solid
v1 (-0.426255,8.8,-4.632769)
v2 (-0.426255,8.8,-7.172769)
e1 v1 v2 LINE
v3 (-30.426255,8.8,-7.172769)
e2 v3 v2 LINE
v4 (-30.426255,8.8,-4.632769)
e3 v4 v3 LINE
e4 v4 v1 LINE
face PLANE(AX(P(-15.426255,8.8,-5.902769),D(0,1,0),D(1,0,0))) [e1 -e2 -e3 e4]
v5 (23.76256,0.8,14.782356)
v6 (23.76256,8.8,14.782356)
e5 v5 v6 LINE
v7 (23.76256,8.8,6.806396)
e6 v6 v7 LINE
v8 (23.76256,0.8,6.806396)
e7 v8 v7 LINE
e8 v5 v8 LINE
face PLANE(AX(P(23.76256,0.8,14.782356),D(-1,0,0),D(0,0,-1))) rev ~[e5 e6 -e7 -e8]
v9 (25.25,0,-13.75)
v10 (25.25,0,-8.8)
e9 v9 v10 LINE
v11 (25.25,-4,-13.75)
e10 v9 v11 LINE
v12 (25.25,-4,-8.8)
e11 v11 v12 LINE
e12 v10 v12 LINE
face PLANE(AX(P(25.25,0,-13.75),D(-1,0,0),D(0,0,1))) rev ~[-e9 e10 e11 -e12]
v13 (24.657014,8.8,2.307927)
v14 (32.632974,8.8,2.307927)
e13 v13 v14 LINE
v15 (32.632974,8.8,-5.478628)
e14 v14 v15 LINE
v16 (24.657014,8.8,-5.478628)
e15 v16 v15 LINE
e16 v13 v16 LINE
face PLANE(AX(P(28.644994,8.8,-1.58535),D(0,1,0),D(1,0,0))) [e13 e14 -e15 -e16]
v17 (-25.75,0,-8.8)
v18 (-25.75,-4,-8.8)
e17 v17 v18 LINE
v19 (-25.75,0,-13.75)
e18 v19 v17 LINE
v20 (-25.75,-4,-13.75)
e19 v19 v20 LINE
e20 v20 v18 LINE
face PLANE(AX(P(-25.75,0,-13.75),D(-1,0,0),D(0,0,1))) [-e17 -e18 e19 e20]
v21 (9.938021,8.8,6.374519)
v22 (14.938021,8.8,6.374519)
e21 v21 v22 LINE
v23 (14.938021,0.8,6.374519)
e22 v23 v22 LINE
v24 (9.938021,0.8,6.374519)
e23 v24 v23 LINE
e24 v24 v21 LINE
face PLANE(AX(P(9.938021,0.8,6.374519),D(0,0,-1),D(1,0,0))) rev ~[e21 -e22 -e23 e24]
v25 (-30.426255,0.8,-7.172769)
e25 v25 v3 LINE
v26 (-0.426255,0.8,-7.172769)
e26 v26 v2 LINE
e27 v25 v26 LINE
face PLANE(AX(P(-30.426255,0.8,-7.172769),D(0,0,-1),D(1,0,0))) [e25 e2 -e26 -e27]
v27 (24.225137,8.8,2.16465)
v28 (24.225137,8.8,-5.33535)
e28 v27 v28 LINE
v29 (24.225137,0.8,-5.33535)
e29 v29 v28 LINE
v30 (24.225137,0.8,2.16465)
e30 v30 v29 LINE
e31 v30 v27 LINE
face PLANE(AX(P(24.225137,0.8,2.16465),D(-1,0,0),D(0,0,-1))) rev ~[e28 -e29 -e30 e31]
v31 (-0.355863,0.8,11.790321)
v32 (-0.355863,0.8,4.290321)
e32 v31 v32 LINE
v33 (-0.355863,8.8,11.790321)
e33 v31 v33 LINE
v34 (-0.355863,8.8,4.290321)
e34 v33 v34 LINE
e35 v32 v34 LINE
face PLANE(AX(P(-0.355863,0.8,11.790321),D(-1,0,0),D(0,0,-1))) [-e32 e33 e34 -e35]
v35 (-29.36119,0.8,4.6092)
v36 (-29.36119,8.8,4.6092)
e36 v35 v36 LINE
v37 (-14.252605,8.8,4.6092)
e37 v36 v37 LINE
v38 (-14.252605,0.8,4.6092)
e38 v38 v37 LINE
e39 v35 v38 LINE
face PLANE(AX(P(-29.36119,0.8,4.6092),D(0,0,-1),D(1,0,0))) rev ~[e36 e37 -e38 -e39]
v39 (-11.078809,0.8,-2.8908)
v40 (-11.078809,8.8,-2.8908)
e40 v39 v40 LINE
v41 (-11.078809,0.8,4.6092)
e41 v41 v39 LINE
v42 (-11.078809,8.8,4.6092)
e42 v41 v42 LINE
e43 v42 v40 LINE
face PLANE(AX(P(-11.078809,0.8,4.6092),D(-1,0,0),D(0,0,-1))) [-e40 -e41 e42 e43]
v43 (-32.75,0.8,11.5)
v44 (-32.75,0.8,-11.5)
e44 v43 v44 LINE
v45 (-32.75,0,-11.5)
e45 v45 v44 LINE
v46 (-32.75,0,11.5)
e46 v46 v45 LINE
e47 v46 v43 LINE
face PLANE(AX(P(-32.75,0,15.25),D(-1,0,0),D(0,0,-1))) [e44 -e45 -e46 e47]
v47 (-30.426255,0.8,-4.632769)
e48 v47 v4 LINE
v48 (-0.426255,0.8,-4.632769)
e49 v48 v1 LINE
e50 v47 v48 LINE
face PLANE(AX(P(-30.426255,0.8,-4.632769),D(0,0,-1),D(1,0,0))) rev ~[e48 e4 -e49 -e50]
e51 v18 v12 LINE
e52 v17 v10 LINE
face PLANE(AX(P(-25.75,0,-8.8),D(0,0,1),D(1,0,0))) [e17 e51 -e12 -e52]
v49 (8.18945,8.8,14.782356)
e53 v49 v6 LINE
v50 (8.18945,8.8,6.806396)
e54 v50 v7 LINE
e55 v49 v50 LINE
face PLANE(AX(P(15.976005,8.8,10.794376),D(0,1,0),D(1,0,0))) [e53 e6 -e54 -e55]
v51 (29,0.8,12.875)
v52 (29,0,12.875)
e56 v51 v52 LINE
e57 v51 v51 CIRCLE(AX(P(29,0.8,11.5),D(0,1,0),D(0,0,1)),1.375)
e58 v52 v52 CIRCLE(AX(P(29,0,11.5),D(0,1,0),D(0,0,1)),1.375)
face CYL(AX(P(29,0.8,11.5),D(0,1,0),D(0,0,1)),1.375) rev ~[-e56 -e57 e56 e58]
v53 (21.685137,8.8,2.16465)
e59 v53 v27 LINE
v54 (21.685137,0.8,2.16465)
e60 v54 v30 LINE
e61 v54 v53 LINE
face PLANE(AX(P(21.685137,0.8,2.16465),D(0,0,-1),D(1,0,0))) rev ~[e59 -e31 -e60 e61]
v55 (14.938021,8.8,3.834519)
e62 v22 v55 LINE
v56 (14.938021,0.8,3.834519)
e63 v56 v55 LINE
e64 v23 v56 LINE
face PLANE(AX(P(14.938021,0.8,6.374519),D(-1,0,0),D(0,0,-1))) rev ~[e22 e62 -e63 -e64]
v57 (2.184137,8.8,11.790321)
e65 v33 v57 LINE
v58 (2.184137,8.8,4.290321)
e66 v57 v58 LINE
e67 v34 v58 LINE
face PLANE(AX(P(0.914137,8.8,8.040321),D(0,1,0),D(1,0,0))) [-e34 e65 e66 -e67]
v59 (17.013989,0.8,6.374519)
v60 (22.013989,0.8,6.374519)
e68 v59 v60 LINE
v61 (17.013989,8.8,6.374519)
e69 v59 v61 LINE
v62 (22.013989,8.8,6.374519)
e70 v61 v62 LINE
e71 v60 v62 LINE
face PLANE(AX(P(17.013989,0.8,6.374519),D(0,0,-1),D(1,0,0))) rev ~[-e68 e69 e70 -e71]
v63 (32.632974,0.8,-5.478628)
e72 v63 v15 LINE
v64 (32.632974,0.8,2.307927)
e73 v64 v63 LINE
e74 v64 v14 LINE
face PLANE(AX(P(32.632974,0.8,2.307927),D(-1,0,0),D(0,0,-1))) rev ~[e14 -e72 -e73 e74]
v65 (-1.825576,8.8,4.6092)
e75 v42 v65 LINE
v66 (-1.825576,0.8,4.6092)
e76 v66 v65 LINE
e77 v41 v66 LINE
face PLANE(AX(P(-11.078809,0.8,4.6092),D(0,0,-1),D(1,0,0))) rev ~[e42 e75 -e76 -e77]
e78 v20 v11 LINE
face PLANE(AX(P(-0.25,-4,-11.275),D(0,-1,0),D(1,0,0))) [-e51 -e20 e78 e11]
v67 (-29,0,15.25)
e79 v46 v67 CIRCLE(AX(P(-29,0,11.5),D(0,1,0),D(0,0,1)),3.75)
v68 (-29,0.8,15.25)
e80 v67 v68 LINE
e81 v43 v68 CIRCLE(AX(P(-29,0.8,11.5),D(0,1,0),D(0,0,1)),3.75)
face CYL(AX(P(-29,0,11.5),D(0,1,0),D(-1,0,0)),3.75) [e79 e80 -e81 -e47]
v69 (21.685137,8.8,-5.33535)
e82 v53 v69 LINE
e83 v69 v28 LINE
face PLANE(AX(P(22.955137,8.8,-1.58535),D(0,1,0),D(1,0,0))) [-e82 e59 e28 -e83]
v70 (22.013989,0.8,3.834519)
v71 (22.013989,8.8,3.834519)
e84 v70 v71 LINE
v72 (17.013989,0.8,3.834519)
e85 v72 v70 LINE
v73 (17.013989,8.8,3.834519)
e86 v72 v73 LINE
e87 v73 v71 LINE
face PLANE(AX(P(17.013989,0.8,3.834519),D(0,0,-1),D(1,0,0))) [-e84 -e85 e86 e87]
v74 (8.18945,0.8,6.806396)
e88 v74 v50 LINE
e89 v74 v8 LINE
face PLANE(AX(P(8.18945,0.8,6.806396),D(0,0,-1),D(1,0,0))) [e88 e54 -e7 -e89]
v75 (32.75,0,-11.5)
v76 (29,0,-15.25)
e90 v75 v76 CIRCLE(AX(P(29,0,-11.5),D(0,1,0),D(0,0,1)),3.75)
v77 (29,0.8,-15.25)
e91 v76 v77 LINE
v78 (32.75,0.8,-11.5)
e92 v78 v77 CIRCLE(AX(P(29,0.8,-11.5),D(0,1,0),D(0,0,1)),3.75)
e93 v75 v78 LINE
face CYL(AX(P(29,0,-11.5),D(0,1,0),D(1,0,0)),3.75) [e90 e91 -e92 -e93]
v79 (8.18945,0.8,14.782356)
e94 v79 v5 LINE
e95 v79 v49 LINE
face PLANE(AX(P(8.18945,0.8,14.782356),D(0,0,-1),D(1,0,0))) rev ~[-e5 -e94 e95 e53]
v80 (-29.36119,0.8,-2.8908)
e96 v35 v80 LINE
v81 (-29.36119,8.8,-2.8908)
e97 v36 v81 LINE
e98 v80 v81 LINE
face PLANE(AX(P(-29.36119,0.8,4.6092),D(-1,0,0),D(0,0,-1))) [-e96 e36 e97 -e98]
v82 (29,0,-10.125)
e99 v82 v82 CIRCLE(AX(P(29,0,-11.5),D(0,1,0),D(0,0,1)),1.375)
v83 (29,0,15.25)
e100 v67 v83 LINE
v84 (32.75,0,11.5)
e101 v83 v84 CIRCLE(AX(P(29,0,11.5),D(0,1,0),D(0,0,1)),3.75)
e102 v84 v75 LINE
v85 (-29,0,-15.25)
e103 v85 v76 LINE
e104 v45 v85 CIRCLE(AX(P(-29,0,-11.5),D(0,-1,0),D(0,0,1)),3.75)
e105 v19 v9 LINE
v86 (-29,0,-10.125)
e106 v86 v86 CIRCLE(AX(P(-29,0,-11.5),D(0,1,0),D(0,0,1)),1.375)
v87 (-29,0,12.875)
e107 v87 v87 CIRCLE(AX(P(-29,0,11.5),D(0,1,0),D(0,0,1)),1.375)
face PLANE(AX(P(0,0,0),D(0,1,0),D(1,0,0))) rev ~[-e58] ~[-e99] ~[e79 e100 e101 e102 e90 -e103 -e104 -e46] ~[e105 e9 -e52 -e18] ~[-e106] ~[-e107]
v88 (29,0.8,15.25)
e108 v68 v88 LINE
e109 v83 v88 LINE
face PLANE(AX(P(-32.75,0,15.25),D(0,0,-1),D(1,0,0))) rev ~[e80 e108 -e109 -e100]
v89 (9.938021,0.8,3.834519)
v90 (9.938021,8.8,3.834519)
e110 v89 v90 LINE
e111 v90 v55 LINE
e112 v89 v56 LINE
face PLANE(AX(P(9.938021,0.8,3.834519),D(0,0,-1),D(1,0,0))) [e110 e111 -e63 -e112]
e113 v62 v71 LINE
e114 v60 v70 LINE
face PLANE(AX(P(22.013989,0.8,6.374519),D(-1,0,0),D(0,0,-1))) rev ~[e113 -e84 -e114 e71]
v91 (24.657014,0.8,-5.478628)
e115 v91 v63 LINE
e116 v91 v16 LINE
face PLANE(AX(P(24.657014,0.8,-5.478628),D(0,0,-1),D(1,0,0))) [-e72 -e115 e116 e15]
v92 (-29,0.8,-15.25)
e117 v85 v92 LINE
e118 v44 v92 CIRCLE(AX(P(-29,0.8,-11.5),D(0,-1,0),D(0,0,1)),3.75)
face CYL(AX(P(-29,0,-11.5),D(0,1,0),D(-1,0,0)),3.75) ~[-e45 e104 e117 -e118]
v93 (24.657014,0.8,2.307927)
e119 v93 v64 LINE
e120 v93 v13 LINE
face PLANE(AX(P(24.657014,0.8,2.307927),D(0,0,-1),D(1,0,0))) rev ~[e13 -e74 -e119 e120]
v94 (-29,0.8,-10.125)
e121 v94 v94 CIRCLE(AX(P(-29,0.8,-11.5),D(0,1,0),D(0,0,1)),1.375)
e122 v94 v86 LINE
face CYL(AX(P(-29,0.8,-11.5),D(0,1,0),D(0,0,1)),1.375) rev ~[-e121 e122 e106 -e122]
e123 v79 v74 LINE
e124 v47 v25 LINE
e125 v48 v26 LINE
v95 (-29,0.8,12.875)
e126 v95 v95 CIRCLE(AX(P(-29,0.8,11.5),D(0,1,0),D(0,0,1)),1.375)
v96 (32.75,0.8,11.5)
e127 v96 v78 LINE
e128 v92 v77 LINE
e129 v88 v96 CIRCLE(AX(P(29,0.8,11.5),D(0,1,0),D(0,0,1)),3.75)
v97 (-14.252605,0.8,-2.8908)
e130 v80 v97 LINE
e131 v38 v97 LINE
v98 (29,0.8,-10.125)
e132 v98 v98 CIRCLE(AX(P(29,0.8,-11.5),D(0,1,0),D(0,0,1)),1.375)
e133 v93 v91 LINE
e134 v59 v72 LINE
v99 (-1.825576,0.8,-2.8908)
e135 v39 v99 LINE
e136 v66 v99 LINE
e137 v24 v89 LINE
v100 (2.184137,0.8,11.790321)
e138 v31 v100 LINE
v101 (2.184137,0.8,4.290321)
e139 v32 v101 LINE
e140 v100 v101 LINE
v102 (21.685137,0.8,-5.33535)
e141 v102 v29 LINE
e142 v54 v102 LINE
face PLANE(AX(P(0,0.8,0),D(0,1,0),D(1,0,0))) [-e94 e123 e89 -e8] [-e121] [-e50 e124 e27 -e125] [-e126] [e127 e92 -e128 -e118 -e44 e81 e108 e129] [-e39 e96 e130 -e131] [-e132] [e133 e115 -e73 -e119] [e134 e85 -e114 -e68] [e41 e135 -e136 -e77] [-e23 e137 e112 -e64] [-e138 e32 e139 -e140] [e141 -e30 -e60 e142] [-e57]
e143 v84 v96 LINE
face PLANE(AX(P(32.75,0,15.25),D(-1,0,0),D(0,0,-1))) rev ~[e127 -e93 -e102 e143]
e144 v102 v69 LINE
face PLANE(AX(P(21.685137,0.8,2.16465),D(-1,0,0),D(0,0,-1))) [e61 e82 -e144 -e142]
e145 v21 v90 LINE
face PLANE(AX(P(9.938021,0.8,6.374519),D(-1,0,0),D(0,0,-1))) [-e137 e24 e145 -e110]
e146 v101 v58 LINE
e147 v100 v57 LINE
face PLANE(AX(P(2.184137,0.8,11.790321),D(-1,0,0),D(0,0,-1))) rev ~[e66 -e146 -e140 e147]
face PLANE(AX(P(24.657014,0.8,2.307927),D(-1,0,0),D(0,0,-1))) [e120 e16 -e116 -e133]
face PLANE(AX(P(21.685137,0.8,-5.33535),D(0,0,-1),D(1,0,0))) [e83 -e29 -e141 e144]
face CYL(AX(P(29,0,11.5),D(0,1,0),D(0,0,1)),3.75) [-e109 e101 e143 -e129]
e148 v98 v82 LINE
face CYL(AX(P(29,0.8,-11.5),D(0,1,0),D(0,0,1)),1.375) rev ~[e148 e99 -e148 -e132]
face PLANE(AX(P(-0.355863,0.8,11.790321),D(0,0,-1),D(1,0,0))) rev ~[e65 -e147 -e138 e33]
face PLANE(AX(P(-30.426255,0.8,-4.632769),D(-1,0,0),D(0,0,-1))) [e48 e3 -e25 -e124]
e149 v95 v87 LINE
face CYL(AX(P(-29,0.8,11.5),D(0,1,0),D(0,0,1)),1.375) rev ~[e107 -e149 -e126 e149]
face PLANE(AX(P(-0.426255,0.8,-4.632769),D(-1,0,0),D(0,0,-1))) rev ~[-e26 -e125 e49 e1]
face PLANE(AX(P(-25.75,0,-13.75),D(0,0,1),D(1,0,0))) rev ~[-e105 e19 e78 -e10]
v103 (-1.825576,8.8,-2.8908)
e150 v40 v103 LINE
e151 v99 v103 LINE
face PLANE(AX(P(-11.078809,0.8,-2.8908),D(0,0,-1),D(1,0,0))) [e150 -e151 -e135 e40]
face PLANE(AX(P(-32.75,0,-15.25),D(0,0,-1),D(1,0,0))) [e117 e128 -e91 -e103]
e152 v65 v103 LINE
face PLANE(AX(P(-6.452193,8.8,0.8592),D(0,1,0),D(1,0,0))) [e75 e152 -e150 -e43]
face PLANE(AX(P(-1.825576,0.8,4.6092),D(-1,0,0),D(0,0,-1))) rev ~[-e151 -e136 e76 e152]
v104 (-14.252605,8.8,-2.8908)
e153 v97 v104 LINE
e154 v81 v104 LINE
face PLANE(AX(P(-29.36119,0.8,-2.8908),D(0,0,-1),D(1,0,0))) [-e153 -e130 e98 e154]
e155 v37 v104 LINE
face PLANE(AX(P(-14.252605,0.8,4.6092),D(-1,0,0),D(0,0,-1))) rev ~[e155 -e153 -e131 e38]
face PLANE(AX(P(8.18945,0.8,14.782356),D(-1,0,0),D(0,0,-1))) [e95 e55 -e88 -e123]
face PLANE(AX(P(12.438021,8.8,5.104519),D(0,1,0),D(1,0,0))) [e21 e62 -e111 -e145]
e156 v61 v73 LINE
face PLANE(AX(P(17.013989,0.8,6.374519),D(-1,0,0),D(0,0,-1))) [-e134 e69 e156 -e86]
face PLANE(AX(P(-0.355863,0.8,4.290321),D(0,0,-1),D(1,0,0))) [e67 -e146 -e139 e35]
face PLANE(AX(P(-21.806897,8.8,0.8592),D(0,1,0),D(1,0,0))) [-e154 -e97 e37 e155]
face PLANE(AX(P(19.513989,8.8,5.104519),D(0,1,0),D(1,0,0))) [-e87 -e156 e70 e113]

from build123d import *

# Parameters (mm, degrees)
SKETCH1_W           = 65.5
SKETCH1_H           = 30.5
BOSS_EXTRUDE1_DEPTH = 0.8
FILLET1_R           = 3.75
SKETCH2_R           = 1.375
CUT_EXTRUDE1_DEPTH  = 0.8
SKETCH3_W           = 30
SKETCH3_H           = 2.54
SKETCH3_W_2         = 9.253232542
SKETCH3_H_2         = 7.5
SKETCH3_W_3         = 15.108584743
SKETCH3_W_4         = 2.54
SKETCH3_W_5         = 15.573110358
SKETCH3_H_3         = 7.975960023
SKETCH3_W_6         = 5
SKETCH3_W_7         = 7.975960023
SKETCH3_H_4         = 7.78655518
BOSS_EXTRUDE2_DEPTH = 8
SKETCH4_W           = 51
SKETCH4_H           = 4.95
BOSS_EXTRUDE3_DEPTH = 4


with BuildPart() as part:
    # Sketch1 → Boss-Extrude1 (new body)
    with BuildSketch(Plane(origin=(0, 0, 0), x_dir=(1, 0, 0), z_dir=(0, 1, 0))):
        Rectangle(SKETCH1_W, SKETCH1_H)
    extrude(amount=BOSS_EXTRUDE1_DEPTH)

    # Fillet1
    fillet1_edges = [part.edges().sort_by_distance(p)[0] for p in [
        (-32.75, 0.4, -15.25),
        (32.75, 0.4, -15.25),
        (32.75, 0.4, 15.25),
        (-32.75, 0.4, 15.25),
    ]]
    fillet(fillet1_edges, radius=FILLET1_R)

    # Sketch2 → Cut-Extrude1 (cut)
    with BuildSketch(Plane(origin=(0, 0.8, 0), x_dir=(1, 0, 0), z_dir=(0, 1, 0))):
        with Locations(Location((-29, 11.5, 0), (0, 0, 270))):
            Circle(SKETCH2_R)
        with Locations(Location((-29, -11.5, 0), (0, 0, 270))):
            Circle(SKETCH2_R)
        with Locations(Location((29, -11.5, 0), (0, 0, 270))):
            Circle(SKETCH2_R)
        with Locations(Location((29, 11.5, 0), (0, 0, 270))):
            Circle(SKETCH2_R)
    extrude(amount=-CUT_EXTRUDE1_DEPTH, mode=Mode.SUBTRACT)

    # Sketch3 → Boss-Extrude2 (add)
    with BuildSketch(Plane(origin=(0, 0.8, 0), x_dir=(1, 0, 0), z_dir=(0, 1, 0))):
        with Locations((-15.426255017, 5.90276931)):
            Rectangle(SKETCH3_W, SKETCH3_H)
        with Locations((-6.452192743, -0.859199982)):
            Rectangle(SKETCH3_W_2, SKETCH3_H_2)
        with Locations((-21.80689744, -0.859199982)):
            Rectangle(SKETCH3_W_3, SKETCH3_H_2)
        with Locations((0.91413656, -8.040321366)):
            Rectangle(SKETCH3_W_4, SKETCH3_H_2)
        with Locations((15.976005132, -10.794375696)):
            Rectangle(SKETCH3_W_5, SKETCH3_H_3)
        with Locations((22.955137287, 1.585350321)):
            Rectangle(SKETCH3_W_4, SKETCH3_H_2)
        with Locations((12.438021136, -5.10451856)):
            Rectangle(SKETCH3_W_6, SKETCH3_H)
        with Locations((19.513989128, -5.10451856)):
            Rectangle(SKETCH3_W_6, SKETCH3_H)
        with Locations((28.644994423, 1.585350321)):
            Rectangle(SKETCH3_W_7, SKETCH3_H_4)
    extrude(amount=BOSS_EXTRUDE2_DEPTH)

    # Sketch4 → Boss-Extrude3 (add)
    with BuildSketch(Plane.XZ):
        with Locations((-0.25, -11.275)):
            Rectangle(SKETCH4_W, SKETCH4_H)
    extrude(amount=BOSS_EXTRUDE3_DEPTH)


solid = part.part
